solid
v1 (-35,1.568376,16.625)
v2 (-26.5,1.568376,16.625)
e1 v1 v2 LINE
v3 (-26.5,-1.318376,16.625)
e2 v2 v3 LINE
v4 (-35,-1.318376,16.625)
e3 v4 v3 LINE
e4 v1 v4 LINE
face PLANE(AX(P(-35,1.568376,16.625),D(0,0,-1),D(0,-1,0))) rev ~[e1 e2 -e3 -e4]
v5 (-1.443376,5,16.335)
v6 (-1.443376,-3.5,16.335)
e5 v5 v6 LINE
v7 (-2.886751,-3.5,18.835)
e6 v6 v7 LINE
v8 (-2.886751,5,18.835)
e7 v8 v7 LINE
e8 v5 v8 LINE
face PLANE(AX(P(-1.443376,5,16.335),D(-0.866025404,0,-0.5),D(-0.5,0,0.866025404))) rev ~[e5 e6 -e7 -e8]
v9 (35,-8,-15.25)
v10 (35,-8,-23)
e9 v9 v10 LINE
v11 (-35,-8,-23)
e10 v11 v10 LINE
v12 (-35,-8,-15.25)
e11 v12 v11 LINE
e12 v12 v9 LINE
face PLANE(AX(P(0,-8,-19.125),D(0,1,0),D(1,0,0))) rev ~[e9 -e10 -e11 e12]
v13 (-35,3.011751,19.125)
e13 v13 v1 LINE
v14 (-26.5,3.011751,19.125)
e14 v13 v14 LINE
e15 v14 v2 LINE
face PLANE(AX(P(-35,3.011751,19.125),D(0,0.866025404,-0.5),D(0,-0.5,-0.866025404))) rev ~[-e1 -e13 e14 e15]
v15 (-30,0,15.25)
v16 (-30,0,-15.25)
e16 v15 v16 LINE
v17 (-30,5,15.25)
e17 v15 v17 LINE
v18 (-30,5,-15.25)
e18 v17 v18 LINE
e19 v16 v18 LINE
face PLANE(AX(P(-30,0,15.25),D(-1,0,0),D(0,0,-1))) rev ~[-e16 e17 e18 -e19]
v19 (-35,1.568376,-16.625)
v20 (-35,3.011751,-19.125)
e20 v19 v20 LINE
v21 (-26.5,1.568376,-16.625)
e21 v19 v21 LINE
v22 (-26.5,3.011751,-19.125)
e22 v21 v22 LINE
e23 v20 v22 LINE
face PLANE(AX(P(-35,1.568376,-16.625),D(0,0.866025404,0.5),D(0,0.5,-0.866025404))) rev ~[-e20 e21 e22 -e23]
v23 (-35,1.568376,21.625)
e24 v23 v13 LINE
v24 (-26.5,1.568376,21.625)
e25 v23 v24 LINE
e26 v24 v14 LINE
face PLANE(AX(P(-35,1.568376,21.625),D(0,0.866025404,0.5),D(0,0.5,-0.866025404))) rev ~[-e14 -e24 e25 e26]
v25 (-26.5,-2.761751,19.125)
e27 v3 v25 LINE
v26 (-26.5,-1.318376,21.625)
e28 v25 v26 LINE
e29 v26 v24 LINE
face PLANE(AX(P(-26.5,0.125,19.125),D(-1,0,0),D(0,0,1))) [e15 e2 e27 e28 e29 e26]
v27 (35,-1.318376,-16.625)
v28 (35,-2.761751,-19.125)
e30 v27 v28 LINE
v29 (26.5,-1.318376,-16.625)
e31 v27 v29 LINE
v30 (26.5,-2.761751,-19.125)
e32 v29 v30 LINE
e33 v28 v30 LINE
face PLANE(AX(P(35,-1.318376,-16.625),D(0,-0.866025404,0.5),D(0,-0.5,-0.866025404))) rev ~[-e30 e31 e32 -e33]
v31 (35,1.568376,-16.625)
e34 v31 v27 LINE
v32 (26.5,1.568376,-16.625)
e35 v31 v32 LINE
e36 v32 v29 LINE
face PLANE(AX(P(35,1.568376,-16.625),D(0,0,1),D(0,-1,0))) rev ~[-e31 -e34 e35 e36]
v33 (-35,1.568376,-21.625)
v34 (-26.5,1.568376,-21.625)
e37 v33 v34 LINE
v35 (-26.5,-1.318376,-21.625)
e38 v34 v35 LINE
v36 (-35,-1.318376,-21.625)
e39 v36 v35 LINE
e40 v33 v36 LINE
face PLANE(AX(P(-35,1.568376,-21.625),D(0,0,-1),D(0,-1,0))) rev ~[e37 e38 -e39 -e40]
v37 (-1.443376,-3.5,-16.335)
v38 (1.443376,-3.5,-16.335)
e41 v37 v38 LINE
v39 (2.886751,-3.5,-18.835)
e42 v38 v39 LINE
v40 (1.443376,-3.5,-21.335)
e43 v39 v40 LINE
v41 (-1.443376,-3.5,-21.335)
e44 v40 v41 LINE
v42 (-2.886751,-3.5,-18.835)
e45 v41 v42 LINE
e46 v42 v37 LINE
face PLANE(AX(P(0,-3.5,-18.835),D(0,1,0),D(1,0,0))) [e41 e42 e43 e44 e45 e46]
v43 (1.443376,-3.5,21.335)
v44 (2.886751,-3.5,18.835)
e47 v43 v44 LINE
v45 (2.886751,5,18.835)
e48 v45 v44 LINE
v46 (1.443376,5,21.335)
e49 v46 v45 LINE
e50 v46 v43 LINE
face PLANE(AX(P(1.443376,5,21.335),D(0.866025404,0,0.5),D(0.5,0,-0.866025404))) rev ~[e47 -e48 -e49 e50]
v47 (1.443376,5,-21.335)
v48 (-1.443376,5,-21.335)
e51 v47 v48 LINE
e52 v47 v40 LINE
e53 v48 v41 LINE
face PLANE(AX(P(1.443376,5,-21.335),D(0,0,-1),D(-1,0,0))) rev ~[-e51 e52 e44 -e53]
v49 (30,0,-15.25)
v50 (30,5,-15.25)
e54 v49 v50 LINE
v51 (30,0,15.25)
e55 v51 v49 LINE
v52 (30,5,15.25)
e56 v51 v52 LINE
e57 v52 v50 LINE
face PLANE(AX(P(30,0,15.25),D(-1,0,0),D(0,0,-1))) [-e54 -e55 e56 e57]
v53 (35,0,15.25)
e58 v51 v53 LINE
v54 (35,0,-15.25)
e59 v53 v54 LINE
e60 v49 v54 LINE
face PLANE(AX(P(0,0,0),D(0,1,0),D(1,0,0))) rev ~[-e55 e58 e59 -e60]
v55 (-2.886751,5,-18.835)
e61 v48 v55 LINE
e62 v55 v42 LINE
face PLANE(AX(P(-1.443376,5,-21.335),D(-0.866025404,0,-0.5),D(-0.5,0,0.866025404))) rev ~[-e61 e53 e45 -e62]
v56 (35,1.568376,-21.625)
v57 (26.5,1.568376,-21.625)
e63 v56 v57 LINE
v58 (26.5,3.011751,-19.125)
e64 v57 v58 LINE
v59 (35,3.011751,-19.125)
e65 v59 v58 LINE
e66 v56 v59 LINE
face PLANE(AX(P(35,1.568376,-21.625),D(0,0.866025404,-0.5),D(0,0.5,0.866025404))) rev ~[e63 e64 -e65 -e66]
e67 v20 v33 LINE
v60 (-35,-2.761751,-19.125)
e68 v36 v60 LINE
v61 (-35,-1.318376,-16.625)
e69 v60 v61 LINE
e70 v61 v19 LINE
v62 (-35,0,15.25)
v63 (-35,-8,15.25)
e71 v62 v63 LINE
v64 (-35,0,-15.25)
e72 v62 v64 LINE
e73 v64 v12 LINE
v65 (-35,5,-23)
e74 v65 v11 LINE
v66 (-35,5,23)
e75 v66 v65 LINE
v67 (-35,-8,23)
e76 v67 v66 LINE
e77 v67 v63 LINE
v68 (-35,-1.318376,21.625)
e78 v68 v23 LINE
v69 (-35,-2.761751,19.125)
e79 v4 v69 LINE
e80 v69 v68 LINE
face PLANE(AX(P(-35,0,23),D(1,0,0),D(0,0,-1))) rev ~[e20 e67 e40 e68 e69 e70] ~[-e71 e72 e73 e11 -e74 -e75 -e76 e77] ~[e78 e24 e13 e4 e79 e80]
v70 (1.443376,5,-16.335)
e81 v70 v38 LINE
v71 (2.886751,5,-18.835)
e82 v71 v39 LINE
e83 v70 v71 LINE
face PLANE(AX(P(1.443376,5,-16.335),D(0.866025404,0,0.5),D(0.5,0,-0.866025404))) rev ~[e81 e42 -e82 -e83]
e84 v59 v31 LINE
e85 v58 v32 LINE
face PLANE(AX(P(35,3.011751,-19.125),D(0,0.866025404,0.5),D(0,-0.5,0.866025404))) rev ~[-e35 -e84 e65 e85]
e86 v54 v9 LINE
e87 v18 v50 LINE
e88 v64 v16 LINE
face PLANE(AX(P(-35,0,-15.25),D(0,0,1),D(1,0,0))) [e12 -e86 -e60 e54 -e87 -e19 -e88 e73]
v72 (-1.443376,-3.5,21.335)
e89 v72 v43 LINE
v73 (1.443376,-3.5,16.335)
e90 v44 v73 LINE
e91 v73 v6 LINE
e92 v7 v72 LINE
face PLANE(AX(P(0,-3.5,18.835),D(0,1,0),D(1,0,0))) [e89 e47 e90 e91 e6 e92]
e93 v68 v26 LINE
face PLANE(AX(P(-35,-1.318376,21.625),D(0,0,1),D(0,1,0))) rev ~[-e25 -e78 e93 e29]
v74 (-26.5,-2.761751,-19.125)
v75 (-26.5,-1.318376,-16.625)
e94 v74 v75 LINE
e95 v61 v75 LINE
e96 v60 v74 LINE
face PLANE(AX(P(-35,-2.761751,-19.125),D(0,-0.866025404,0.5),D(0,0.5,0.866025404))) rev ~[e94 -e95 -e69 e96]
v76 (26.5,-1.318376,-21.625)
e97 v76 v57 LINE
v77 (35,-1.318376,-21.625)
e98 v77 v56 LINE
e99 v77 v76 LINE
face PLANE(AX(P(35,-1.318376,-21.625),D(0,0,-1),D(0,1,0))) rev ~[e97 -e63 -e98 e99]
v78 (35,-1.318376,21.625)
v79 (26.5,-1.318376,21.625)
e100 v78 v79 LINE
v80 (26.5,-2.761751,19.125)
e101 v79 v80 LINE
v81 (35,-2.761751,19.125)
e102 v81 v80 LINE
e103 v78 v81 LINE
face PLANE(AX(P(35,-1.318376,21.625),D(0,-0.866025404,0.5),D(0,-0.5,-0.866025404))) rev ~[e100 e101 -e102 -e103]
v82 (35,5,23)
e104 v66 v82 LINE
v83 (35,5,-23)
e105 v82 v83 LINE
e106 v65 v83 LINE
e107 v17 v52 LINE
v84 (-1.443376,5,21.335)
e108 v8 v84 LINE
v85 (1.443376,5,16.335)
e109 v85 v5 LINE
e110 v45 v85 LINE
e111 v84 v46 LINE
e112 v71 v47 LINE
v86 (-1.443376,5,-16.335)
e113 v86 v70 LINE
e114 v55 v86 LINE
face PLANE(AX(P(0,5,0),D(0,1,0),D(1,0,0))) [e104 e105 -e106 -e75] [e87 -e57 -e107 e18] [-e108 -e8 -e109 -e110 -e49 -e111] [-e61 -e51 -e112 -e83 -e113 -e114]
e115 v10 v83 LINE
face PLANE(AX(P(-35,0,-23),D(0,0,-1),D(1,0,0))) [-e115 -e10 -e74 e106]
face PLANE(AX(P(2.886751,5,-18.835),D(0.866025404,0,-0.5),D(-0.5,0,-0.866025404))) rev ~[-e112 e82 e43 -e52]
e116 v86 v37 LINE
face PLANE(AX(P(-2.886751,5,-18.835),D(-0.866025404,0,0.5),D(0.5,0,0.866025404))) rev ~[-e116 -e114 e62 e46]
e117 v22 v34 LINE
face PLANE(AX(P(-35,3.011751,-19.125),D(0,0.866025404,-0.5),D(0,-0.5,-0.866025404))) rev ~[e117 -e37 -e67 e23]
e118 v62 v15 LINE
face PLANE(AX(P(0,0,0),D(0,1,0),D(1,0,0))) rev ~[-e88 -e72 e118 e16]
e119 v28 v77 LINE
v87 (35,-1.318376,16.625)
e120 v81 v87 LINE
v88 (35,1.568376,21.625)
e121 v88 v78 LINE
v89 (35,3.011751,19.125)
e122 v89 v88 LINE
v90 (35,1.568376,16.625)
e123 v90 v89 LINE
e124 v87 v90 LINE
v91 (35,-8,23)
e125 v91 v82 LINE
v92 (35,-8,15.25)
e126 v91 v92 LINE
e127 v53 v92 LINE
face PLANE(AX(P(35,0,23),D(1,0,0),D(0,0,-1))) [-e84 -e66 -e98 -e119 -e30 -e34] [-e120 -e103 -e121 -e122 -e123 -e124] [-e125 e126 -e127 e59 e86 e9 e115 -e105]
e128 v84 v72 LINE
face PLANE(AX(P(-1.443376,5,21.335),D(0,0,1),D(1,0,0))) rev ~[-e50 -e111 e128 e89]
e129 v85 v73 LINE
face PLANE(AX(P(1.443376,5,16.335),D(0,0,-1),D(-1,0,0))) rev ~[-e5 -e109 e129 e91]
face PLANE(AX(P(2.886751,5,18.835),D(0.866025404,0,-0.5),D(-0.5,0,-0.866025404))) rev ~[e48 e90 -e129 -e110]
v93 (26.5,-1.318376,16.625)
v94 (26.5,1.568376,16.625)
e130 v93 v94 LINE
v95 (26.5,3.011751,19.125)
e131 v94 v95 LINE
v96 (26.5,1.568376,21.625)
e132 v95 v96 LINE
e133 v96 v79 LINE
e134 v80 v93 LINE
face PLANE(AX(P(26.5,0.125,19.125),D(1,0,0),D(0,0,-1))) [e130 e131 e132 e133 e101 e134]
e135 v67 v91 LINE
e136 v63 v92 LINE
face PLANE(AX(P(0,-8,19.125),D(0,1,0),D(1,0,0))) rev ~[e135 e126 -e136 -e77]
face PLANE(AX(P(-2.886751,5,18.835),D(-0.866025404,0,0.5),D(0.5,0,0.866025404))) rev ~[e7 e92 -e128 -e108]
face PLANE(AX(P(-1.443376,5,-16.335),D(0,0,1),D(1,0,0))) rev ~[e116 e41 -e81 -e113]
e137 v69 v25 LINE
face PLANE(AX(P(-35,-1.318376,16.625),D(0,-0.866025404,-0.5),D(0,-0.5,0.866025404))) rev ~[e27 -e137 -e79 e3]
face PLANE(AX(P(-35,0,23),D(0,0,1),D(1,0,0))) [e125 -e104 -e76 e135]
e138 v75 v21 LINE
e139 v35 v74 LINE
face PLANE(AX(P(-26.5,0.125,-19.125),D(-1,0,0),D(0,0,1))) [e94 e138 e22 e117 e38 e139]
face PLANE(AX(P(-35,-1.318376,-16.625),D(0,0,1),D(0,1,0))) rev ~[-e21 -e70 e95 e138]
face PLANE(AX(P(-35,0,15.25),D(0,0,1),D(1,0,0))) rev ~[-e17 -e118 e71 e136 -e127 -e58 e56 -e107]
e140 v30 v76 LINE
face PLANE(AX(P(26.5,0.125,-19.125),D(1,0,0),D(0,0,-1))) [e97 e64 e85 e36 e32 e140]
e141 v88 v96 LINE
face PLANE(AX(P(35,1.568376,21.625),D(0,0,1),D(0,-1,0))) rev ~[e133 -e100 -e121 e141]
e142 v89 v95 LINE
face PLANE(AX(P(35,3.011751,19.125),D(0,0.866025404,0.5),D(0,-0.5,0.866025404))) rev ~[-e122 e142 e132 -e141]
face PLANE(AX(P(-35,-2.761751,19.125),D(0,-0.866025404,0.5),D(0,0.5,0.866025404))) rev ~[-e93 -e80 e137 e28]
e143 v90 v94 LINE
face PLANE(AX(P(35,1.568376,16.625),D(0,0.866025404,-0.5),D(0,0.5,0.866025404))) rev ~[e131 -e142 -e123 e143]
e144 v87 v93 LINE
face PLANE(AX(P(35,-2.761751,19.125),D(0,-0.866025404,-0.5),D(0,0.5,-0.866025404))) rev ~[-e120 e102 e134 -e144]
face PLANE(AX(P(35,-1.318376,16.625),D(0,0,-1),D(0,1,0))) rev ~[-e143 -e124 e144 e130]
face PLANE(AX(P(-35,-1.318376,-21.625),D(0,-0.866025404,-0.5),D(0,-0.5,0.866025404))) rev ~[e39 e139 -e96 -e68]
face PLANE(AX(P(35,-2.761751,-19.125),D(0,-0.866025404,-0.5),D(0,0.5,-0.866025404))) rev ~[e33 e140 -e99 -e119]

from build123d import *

# Parameters (mm, degrees)
SKETCH1_W           = 70
SKETCH1_H           = 46
BOSS_EXTRUDE1_DEPTH = 5
SKETCH2_W           = 60
SKETCH2_H           = 30.5
CUT_EXTRUDE1_DEPTH  = 5
SKETCH3_W           = 70
SKETCH3_H           = 7.75
BOSS_EXTRUDE2_DEPTH = 8
CUT_EXTRUDE4_DEPTH  = 8.5
CUT_EXTRUDE5_DEPTH  = 8.5
CUT_EXTRUDE6_DEPTH  = 8.5


with BuildPart() as part:
    # Sketch1 → Boss-Extrude1 (new body)
    with BuildSketch(Plane(origin=(0, 0, 0), x_dir=(1, 0, 0), z_dir=(0, 1, 0))):
        Rectangle(SKETCH1_W, SKETCH1_H)
    extrude(amount=BOSS_EXTRUDE1_DEPTH)

    # Sketch2 → Cut-Extrude1 (cut)
    with BuildSketch(Plane(origin=(0, 0, 0), x_dir=(1, 0, 0), z_dir=(0, 1, 0))):
        Rectangle(SKETCH2_W, SKETCH2_H)
    extrude(amount=CUT_EXTRUDE1_DEPTH, mode=Mode.SUBTRACT)

    # Sketch3 → Boss-Extrude2 (add)
    with BuildSketch(Plane(origin=(0, 0, 0), x_dir=(1, 0, 0), z_dir=(0, 1, 0))):
        with Locations((0, -19.125)):
            Rectangle(SKETCH3_W, SKETCH3_H)
        with Locations((0, 19.125)):
            Rectangle(SKETCH3_W, SKETCH3_H)
    extrude(amount=-BOSS_EXTRUDE2_DEPTH)

    # Sketch6 → Cut-Extrude4 (cut)
    with BuildSketch(Plane.ZY.offset(35)):
        Polygon((19.125, -2.761751346), (21.625, -1.318375673), (21.625, 1.568375673), (19.125, 3.011751346), (16.625, 1.568375673), (16.625, -1.318375673), align=None)
        Polygon((-19.125, -2.761751346), (-16.625, -1.318375673), (-16.625, 1.568375673), (-19.125, 3.011751346), (-21.625, 1.568375673), (-21.625, -1.318375673), align=None)
    extrude(amount=-CUT_EXTRUDE4_DEPTH, mode=Mode.SUBTRACT)

    # Sketch7 → Cut-Extrude5 (cut)
    with BuildSketch(Plane(origin=(35, 0, 0), x_dir=(0, 0, -1), z_dir=(1, 0, 0))):
        Polygon((-19.125, -2.761751346), (-16.625, -1.318375673), (-16.625, 1.568375673), (-19.125, 3.011751346), (-21.625, 1.568375673), (-21.625, -1.318375673), align=None)
        Polygon((19.125, -2.761751346), (21.625, -1.318375673), (21.625, 1.568375673), (19.125, 3.011751346), (16.625, 1.568375673), (16.625, -1.318375673), align=None)
    extrude(amount=-CUT_EXTRUDE5_DEPTH, mode=Mode.SUBTRACT)

    # Sketch10 → Cut-Extrude6 (cut)
    with BuildSketch(Plane(origin=(0, 5, 0), x_dir=(1, 0, 0), z_dir=(0, 1, 0))):
        Polygon((2.886751346, 18.835), (1.443375673, 21.335), (-1.443375673, 21.335), (-2.886751346, 18.835), (-1.443375673, 16.335), (1.443375673, 16.335), align=None)
        Polygon((2.886751346, -18.835), (1.443375673, -16.335), (-1.443375673, -16.335), (-2.886751346, -18.835), (-1.443375673, -21.335), (1.443375673, -21.335), align=None)
    extrude(amount=-CUT_EXTRUDE6_DEPTH, mode=Mode.SUBTRACT)


solid = part.part
